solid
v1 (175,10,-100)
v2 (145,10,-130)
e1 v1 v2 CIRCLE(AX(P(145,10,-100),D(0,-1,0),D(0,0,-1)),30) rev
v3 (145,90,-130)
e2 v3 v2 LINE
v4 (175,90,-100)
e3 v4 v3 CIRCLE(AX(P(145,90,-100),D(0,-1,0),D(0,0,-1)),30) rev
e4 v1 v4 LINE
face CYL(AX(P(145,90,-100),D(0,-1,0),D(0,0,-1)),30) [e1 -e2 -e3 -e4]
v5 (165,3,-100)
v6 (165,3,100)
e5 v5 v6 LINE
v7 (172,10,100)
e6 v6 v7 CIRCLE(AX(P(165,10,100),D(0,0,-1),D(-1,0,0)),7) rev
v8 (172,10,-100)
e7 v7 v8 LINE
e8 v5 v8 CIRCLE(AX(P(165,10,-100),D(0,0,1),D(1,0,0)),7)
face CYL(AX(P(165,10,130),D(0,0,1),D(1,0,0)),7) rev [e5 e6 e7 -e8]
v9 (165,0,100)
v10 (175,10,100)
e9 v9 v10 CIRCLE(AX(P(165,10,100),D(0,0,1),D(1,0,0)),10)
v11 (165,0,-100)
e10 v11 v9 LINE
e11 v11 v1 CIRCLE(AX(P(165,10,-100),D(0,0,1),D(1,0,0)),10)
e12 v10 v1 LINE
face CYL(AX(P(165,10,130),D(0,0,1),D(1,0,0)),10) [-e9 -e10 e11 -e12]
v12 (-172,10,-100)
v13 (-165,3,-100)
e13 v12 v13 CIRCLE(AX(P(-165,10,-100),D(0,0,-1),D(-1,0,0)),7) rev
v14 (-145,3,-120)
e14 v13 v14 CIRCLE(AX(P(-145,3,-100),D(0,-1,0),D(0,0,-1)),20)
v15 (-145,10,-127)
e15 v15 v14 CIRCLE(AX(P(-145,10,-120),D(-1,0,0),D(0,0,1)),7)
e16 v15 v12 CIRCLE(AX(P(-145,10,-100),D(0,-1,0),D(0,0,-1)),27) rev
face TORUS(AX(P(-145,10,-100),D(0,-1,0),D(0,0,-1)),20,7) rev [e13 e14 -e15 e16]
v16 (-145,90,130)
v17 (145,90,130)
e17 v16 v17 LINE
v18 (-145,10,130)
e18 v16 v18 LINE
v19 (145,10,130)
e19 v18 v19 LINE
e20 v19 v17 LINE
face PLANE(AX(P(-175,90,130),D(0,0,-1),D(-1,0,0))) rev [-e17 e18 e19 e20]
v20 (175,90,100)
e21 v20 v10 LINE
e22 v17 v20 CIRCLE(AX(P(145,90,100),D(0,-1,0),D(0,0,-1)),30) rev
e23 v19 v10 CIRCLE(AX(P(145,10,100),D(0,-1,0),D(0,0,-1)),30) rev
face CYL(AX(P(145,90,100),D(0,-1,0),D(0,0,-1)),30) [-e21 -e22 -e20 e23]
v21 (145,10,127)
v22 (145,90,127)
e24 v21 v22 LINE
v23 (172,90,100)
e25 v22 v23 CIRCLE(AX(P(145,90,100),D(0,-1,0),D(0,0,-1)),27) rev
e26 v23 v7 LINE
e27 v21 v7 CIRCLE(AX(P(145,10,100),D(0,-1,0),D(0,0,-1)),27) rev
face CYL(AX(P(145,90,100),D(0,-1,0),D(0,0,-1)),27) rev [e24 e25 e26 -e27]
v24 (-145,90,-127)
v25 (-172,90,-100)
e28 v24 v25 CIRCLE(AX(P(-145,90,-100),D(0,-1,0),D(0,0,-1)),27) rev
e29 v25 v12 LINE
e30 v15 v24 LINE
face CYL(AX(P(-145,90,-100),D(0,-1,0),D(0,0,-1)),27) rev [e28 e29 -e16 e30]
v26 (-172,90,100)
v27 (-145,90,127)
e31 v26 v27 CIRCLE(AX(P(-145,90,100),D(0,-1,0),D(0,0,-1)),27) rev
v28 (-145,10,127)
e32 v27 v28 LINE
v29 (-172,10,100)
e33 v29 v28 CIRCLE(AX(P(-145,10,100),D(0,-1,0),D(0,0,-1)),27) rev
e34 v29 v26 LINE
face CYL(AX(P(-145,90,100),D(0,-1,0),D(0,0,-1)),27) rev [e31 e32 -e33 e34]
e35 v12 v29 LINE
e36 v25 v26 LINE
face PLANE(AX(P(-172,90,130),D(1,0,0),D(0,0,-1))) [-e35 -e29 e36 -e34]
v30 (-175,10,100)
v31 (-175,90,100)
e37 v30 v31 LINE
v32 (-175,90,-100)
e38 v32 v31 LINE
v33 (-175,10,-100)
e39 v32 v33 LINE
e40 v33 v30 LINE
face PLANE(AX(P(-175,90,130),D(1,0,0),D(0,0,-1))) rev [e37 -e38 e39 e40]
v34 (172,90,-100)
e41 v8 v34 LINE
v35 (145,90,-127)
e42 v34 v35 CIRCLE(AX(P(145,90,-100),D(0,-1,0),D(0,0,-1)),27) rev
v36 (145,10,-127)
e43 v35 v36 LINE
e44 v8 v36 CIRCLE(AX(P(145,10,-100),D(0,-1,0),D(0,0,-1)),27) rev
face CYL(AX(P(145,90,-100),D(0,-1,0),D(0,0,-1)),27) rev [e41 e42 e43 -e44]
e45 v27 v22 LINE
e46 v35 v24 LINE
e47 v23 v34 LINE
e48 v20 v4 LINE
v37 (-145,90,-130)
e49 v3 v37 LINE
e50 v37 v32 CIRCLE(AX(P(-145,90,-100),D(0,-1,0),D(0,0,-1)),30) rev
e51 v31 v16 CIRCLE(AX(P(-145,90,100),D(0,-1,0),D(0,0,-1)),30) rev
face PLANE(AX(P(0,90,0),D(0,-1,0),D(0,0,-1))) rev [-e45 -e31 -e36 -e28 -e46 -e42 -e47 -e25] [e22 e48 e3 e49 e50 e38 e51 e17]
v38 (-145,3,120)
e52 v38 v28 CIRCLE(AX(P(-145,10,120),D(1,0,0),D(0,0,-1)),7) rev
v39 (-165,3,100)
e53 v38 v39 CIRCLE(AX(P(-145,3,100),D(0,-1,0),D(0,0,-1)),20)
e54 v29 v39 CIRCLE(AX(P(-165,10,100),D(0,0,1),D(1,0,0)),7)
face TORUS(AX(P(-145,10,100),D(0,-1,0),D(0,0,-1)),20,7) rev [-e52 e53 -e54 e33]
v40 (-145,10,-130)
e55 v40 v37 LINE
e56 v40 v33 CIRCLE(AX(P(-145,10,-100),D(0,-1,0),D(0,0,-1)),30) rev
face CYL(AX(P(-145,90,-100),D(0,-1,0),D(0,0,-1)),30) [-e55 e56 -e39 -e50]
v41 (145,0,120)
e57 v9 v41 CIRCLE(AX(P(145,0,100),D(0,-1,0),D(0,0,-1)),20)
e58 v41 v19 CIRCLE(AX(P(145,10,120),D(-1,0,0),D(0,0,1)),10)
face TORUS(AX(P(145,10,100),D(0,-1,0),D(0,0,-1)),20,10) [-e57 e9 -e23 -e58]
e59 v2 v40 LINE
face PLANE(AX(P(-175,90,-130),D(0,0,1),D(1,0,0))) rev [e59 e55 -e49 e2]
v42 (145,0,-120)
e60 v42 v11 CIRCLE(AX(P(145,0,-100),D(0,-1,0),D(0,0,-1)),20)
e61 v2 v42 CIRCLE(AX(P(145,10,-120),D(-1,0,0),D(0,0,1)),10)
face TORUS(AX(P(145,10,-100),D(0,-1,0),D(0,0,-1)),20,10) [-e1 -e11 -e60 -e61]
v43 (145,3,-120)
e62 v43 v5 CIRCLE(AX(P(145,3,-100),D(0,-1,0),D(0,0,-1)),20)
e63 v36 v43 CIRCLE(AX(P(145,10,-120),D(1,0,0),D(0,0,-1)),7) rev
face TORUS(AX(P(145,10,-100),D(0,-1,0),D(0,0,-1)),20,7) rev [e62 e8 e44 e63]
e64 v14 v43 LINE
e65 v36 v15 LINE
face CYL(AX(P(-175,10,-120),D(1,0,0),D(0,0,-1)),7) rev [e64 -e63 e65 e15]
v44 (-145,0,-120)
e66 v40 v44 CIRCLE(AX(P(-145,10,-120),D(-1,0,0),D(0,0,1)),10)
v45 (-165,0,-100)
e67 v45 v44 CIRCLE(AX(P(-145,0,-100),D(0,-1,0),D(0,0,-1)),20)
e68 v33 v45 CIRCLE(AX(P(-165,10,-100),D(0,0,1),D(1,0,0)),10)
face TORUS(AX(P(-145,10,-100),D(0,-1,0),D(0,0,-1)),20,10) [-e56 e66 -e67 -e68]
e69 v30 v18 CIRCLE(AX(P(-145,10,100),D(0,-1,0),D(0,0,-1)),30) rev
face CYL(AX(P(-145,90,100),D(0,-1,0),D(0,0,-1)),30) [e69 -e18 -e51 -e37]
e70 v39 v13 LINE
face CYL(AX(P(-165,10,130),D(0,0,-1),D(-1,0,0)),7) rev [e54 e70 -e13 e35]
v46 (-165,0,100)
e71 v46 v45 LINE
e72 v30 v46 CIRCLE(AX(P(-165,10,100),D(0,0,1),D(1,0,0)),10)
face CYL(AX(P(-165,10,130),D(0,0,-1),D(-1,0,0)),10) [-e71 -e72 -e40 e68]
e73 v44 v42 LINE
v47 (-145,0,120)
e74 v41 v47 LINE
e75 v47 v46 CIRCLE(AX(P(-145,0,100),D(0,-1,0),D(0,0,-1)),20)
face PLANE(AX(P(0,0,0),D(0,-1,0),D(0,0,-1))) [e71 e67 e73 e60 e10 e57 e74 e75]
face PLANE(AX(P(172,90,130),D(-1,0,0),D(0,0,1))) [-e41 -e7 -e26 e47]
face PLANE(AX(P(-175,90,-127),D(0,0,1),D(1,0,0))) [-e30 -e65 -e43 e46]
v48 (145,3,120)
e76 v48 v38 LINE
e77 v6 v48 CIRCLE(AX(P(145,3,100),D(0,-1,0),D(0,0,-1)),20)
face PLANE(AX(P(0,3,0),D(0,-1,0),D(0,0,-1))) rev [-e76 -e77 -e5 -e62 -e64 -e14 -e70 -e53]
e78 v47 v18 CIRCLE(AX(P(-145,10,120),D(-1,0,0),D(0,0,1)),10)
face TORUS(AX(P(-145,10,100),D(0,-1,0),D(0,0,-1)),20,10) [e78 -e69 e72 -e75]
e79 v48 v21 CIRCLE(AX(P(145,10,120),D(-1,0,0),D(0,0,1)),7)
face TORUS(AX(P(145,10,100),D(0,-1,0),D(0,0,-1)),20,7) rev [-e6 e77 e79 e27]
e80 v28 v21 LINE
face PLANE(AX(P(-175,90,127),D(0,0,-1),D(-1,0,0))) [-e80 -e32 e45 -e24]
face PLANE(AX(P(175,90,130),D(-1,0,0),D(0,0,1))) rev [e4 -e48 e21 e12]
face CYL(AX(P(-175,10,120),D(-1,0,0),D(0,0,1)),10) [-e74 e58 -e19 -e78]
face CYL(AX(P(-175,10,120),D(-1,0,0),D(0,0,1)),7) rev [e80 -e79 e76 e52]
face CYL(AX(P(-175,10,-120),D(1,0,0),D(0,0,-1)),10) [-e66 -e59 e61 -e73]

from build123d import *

# Parameters (mm, degrees)
SKETCH_1_W      = 350
SKETCH_1_H      = 260
EXTRUDE_1_DEPTH = 90
FILLET_1_R      = 30
FILLET_2_R      = 10
SHELL_1_T       = -3


with BuildPart() as part:
    # 草圖1 → 填料-伸長1 (new body)
    with BuildSketch(Plane(origin=(0, 0, 0), x_dir=(1, 0, 0), z_dir=(0, 1, 0))):
        Rectangle(SKETCH_1_W, SKETCH_1_H)
    extrude(amount=EXTRUDE_1_DEPTH)

    # 圓角1
    fillet_1_edges = [part.edges().sort_by_distance(p)[0] for p in [
        (175, 45, 130),
        (-175, 45, 130),
        (-175, 45, -130),
        (175, 45, -130),
    ]]
    fillet(fillet_1_edges, radius=FILLET_1_R)

    # 圓角2
    fillet_2_edges = [part.edges().sort_by_distance(p)[0] for p in [
        (-175, 0, 0),
        (175, 0, 0),
        (0, 0, 130),
        (0, 0, -130),
        (166.213203436, 0, 121.213203436),
        (166.213203436, 0, -121.213203436),
        (-166.213203436, 0, 121.213203436),
        (-166.213203436, 0, -121.213203436),
    ]]
    fillet(fillet_2_edges, radius=FILLET_2_R)

    # 薄殼1
    shell_1_openings = [part.faces().sort_by_distance(p)[0] for p in [
        (0, 90, 0),
    ]]
    offset(amount=SHELL_1_T, openings=shell_1_openings, kind=Kind.INTERSECTION)


solid = part.part
